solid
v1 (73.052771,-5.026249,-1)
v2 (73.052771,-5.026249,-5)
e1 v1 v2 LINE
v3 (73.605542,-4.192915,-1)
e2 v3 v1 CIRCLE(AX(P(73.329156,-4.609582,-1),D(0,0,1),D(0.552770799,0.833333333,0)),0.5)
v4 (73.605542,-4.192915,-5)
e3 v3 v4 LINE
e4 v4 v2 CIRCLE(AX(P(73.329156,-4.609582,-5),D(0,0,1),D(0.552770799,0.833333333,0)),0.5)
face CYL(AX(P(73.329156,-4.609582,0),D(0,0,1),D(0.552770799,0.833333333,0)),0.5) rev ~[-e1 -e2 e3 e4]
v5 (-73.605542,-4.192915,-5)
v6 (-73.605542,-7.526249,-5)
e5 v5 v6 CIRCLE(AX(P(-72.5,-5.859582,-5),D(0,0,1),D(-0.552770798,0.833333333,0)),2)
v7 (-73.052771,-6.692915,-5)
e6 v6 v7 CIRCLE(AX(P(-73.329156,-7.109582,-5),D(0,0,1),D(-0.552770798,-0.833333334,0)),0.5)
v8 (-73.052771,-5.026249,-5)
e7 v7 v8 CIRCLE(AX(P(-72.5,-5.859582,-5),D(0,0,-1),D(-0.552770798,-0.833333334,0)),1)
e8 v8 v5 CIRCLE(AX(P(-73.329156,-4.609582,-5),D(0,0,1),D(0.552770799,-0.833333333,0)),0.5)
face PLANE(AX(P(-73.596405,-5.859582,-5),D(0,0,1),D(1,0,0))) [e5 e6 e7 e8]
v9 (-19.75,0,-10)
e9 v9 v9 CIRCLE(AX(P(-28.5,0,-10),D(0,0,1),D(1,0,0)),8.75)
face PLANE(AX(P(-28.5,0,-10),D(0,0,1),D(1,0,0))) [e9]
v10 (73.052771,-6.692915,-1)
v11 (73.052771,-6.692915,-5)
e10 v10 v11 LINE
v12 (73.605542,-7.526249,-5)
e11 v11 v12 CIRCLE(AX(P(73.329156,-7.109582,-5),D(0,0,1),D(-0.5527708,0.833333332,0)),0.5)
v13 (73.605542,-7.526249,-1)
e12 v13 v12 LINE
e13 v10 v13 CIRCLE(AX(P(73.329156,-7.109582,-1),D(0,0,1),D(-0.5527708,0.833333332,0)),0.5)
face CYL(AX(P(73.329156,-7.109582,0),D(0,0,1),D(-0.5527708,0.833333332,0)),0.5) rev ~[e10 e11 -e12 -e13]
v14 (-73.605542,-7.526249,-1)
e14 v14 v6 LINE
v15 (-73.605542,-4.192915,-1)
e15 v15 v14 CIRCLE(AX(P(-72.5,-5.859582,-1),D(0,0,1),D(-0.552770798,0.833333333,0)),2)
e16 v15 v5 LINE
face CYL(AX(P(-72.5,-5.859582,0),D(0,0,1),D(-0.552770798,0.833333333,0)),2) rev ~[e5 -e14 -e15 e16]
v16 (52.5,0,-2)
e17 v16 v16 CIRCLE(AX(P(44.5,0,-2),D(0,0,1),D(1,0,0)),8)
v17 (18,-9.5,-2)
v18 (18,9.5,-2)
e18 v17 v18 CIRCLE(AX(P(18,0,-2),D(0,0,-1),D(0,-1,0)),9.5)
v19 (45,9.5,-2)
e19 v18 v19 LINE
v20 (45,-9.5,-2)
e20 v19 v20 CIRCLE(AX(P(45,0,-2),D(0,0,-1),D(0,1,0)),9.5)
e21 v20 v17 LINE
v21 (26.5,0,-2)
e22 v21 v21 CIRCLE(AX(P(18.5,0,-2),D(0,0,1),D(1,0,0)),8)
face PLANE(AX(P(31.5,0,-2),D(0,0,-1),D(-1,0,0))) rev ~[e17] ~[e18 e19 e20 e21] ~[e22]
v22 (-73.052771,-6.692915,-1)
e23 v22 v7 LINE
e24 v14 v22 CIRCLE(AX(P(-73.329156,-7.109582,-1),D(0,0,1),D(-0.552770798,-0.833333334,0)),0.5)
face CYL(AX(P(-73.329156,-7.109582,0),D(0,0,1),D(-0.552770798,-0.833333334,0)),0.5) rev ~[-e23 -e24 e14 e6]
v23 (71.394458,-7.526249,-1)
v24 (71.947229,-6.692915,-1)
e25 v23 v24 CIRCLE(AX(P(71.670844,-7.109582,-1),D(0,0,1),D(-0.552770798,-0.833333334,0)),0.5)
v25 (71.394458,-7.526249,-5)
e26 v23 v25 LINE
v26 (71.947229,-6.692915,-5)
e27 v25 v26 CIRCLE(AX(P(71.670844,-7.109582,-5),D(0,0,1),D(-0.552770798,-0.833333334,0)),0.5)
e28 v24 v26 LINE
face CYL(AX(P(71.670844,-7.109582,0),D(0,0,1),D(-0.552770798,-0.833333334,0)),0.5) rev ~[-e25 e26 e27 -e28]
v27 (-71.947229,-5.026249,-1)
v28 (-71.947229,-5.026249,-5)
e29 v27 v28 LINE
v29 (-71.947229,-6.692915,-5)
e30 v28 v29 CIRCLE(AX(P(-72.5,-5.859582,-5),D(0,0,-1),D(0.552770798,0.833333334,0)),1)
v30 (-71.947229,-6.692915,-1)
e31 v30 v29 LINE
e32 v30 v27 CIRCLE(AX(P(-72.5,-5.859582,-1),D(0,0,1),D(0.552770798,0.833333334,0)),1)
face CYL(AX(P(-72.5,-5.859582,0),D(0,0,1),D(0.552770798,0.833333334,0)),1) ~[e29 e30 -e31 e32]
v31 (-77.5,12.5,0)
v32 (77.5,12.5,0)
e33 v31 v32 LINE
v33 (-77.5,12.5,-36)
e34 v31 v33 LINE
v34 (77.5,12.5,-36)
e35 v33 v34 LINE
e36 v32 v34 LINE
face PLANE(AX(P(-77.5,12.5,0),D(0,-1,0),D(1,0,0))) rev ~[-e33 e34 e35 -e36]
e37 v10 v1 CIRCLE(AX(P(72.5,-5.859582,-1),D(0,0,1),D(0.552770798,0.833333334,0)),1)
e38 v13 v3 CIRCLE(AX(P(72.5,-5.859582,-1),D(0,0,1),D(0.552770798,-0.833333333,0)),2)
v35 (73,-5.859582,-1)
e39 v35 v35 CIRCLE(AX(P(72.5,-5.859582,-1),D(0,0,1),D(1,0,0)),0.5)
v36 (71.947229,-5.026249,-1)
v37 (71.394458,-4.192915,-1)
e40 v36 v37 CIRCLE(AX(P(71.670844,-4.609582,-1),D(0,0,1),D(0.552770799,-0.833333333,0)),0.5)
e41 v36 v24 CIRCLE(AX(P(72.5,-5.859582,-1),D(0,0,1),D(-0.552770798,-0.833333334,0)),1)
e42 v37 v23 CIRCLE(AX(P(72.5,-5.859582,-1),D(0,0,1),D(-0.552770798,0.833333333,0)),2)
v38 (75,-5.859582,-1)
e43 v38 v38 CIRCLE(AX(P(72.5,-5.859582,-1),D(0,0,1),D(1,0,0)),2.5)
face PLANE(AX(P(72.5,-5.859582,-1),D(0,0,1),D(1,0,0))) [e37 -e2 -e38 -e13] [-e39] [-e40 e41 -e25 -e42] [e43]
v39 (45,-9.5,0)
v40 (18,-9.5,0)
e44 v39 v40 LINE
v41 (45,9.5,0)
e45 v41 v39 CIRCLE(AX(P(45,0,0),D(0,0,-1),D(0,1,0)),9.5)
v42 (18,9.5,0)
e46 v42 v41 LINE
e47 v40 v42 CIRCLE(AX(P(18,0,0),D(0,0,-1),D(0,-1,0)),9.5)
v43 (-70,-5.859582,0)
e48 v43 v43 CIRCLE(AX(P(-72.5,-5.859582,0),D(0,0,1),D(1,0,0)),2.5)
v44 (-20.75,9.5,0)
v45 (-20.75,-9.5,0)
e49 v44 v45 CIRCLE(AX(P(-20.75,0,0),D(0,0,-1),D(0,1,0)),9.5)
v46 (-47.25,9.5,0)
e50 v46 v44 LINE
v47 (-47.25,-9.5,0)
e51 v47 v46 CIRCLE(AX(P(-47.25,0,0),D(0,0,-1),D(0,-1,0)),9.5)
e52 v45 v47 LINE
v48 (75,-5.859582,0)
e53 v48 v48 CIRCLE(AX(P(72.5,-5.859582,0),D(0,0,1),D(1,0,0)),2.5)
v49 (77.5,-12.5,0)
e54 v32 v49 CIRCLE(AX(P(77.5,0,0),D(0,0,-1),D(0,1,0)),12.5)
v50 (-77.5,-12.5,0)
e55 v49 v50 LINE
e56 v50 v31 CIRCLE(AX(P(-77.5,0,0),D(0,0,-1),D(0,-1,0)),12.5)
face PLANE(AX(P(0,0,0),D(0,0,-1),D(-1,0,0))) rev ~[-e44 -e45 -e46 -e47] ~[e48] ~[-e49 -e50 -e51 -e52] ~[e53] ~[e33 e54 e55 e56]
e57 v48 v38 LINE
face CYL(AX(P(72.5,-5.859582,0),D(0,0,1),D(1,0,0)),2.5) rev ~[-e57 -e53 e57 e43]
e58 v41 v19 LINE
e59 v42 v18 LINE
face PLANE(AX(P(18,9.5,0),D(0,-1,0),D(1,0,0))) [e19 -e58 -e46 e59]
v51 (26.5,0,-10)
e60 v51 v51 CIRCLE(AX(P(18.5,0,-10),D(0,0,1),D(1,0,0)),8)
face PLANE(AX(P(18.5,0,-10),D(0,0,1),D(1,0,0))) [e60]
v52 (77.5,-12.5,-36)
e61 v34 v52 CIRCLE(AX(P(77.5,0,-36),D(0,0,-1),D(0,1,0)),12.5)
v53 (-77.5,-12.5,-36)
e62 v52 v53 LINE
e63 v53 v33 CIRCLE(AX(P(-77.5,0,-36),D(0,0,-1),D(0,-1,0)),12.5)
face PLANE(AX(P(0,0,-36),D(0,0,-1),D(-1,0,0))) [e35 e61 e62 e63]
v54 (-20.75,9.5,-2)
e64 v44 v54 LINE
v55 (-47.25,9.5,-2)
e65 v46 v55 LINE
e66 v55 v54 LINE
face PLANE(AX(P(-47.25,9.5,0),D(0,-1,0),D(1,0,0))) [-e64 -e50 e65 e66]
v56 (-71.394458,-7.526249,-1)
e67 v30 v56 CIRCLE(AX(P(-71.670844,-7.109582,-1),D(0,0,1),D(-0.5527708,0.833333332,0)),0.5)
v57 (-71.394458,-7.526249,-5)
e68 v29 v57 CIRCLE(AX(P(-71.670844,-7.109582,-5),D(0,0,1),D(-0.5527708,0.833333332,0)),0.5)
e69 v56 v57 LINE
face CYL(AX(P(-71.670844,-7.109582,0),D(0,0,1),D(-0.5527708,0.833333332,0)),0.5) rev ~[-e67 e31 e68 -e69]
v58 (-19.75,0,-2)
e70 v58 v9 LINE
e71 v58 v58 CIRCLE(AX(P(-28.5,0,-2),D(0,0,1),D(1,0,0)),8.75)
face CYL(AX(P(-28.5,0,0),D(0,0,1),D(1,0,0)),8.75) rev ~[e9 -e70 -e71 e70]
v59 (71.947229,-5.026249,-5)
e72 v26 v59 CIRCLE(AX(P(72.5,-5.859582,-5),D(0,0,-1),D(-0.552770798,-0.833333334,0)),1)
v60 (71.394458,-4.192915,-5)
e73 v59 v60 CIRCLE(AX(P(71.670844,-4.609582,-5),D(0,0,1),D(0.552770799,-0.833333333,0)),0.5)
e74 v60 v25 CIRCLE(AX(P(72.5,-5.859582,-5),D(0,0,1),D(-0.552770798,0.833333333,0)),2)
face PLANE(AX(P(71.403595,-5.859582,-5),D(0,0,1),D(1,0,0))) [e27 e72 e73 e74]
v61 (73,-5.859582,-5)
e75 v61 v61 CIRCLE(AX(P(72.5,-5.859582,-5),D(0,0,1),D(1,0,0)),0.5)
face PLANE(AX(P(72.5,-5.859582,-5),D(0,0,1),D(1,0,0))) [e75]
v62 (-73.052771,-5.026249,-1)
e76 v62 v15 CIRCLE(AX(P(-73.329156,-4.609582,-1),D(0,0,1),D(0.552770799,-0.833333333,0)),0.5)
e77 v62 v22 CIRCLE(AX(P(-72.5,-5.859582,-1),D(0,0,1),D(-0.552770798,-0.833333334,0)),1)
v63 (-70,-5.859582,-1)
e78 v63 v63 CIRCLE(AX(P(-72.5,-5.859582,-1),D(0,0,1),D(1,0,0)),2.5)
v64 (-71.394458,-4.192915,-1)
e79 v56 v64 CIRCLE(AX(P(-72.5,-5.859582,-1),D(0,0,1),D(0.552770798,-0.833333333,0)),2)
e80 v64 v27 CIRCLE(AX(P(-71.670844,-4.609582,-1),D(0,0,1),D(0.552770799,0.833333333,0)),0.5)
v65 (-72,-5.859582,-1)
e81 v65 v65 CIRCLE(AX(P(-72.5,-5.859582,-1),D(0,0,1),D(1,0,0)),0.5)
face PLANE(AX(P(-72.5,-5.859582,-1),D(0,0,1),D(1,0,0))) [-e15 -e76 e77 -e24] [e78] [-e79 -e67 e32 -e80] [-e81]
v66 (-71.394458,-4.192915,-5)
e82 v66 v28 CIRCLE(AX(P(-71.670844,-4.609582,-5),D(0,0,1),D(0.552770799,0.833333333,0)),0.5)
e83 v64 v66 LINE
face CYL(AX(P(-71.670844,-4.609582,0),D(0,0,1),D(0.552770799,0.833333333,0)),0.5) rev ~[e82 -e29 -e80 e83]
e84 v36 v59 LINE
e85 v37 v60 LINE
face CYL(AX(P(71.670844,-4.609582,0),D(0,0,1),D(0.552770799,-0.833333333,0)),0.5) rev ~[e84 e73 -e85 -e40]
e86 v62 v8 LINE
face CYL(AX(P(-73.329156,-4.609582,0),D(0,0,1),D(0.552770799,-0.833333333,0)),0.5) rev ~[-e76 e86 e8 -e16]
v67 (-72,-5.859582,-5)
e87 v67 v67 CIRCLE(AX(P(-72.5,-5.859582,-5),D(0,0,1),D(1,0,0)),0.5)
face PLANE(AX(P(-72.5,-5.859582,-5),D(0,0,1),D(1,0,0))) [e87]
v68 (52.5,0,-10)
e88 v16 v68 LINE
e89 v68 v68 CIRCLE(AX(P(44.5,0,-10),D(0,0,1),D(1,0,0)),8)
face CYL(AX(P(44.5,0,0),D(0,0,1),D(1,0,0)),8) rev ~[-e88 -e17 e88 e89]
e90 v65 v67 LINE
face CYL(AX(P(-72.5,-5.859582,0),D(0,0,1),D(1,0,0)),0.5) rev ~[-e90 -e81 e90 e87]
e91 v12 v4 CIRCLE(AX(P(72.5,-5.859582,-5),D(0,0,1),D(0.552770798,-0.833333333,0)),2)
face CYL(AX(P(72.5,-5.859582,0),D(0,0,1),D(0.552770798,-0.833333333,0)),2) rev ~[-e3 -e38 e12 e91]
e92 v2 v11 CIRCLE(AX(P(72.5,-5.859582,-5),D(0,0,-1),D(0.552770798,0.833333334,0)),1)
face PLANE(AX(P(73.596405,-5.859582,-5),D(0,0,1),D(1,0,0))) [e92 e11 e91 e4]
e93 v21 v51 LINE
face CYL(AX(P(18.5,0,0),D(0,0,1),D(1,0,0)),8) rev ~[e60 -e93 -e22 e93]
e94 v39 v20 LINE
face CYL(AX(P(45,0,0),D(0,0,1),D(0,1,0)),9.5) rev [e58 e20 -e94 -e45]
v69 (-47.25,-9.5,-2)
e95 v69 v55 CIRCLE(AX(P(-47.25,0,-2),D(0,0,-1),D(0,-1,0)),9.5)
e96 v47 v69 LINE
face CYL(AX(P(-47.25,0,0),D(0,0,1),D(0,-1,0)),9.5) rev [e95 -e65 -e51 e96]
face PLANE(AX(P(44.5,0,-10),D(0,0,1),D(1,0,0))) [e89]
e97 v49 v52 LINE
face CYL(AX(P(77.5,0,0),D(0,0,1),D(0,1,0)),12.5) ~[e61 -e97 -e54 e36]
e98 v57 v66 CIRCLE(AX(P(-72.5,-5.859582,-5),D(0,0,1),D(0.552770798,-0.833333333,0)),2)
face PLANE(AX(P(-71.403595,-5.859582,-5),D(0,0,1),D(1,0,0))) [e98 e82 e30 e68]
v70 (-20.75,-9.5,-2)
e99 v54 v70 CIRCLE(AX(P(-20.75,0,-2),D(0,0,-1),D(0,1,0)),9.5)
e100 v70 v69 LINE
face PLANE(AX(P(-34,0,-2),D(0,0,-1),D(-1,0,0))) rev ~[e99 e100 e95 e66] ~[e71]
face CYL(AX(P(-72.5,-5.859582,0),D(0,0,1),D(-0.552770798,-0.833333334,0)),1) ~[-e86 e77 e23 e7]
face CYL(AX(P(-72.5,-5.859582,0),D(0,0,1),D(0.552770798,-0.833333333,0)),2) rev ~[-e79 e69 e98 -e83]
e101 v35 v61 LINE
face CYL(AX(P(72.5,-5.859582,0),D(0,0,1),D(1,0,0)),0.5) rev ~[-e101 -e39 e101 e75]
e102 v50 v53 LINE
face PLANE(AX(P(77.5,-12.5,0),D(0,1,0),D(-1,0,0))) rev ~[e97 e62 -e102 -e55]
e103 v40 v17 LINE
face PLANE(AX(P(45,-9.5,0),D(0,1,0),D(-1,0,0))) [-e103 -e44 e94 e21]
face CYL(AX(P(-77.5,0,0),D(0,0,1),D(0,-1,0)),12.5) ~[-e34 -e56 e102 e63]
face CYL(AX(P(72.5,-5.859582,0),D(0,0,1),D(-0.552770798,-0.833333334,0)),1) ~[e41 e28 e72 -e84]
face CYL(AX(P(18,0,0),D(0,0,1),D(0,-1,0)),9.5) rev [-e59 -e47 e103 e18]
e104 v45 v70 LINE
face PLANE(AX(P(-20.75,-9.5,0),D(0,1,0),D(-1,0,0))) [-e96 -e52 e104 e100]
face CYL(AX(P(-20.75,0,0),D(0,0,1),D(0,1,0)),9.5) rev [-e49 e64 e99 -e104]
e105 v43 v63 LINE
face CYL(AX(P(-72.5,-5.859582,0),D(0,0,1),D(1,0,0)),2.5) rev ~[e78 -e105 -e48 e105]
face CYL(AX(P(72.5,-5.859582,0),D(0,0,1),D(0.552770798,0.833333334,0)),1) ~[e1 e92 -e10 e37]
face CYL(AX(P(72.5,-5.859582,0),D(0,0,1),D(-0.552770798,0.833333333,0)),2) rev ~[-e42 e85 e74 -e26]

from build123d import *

# Parameters (mm, degrees)
BOSS_EXTRUDE1_DEPTH = 36
SKETCH3_R           = 8.75
SKETCH3_R_2         = 8
CUT_EXTRUDE1_DEPTH  = 10
CUT_EXTRUDE2_DEPTH  = 2
SKETCH5_R           = 2.5
CUT_EXTRUDE3_DEPTH  = 1
SKETCH6_R           = 0.5
CUT_EXTRUDE4_DEPTH  = 5


with BuildPart() as part:
    # Sketch1 → Boss-Extrude1 (new body)
    with BuildSketch(Plane.XY):
        with BuildLine():
            Line((-77.5, 12.5), (77.5, 12.5))
            ThreePointArc((77.5, 12.5), (90, 0), (77.5, -12.5))
            Line((77.5, -12.5), (-77.5, -12.5))
            ThreePointArc((-77.5, -12.5), (-90, 0), (-77.5, 12.5))
        make_face()
    extrude(amount=-BOSS_EXTRUDE1_DEPTH)

    # Sketch3 → Cut-Extrude1 (cut)
    with BuildSketch(Plane.XY):
        with Locations((-28.5, 0)):
            Circle(SKETCH3_R)
        with Locations((18.5, 0)):
            Circle(SKETCH3_R_2)
        with Locations((44.5, 0)):
            Circle(SKETCH3_R_2)
    extrude(amount=-CUT_EXTRUDE1_DEPTH, mode=Mode.SUBTRACT)

    # Sketch4 → Cut-Extrude2 (cut)
    with BuildSketch(Plane.XY):
        with BuildLine():
            Line((-47.25, 9.5), (-20.75, 9.5))
            ThreePointArc((-20.75, 9.5), (-11.25, 0), (-20.75, -9.5))
            Line((-20.75, -9.5), (-47.25, -9.5))
            ThreePointArc((-47.25, -9.5), (-56.75, 0), (-47.25, 9.5))
        make_face()
        with BuildLine():
            Line((18, 9.5), (45, 9.5))
            ThreePointArc((45, 9.5), (54.5, 0), (45, -9.5))
            Line((45, -9.5), (18, -9.5))
            ThreePointArc((18, -9.5), (8.5, 0), (18, 9.5))
        make_face()
    extrude(amount=-CUT_EXTRUDE2_DEPTH, mode=Mode.SUBTRACT)

    # Sketch5 → Cut-Extrude3 (cut)
    with BuildSketch(Plane.XY):
        with Locations((72.5, -5.85958214)):
            Circle(SKETCH5_R)
        with Locations((-72.5, -5.85958214)):
            Circle(SKETCH5_R)
    extrude(amount=-CUT_EXTRUDE3_DEPTH, mode=Mode.SUBTRACT)

    # Sketch6 → Cut-Extrude4 (cut)
    with BuildSketch(Plane.XY):
        with Locations((-72.5, -5.85958214)):
            Circle(SKETCH6_R)
        with Locations((72.5, -5.85958214)):
            Circle(SKETCH6_R)
        with BuildLine():
            ThreePointArc((-71.394458403, -7.526248807), (-70.5, -5.85958214), (-71.394458403, -4.192915474))
            ThreePointArc((-71.394458403, -4.192915474), (-72.087510469, -4.333196741), (-71.947229202, -5.026248807))
            ThreePointArc((-71.947229202, -5.026248807), (-71.5, -5.85958214), (-71.947229202, -6.692915474))
            ThreePointArc((-71.947229202, -6.692915474), (-72.087510469, -7.385967539), (-71.394458403, -7.526248807))
        make_face()
        with BuildLine():
            ThreePointArc((-73.605541597, -4.192915474), (-74.5, -5.85958214), (-73.605541597, -7.526248807))
            ThreePointArc((-73.605541597, -7.526248807), (-72.912489531, -7.385967539), (-73.052770798, -6.692915474))
            ThreePointArc((-73.052770798, -6.692915474), (-73.5, -5.85958214), (-73.052770798, -5.026248807))
            ThreePointArc((-73.052770798, -5.026248807), (-72.912489531, -4.333196741), (-73.605541597, -4.192915474))
        make_face()
        with BuildLine():
            ThreePointArc((73.605541597, -7.526248807), (74.5, -5.85958214), (73.605541597, -4.192915474))
            ThreePointArc((73.605541597, -4.192915474), (72.912489531, -4.333196741), (73.052770798, -5.026248807))
            ThreePointArc((73.052770798, -5.026248807), (73.5, -5.85958214), (73.052770798, -6.692915474))
            ThreePointArc((73.052770798, -6.692915474), (72.912489531, -7.385967539), (73.605541597, -7.526248807))
        make_face()
        with BuildLine():
            ThreePointArc((71.394458403, -4.192915474), (70.5, -5.85958214), (71.394458403, -7.526248807))
            ThreePointArc((71.394458403, -7.526248807), (72.087510469, -7.385967539), (71.947229202, -6.692915474))
            ThreePointArc((71.947229202, -6.692915474), (71.5, -5.85958214), (71.947229202, -5.026248807))
            ThreePointArc((71.947229202, -5.026248807), (72.087510469, -4.333196741), (71.394458403, -4.192915474))
        make_face()
    extrude(amount=-CUT_EXTRUDE4_DEPTH, mode=Mode.SUBTRACT)


solid = part.part
